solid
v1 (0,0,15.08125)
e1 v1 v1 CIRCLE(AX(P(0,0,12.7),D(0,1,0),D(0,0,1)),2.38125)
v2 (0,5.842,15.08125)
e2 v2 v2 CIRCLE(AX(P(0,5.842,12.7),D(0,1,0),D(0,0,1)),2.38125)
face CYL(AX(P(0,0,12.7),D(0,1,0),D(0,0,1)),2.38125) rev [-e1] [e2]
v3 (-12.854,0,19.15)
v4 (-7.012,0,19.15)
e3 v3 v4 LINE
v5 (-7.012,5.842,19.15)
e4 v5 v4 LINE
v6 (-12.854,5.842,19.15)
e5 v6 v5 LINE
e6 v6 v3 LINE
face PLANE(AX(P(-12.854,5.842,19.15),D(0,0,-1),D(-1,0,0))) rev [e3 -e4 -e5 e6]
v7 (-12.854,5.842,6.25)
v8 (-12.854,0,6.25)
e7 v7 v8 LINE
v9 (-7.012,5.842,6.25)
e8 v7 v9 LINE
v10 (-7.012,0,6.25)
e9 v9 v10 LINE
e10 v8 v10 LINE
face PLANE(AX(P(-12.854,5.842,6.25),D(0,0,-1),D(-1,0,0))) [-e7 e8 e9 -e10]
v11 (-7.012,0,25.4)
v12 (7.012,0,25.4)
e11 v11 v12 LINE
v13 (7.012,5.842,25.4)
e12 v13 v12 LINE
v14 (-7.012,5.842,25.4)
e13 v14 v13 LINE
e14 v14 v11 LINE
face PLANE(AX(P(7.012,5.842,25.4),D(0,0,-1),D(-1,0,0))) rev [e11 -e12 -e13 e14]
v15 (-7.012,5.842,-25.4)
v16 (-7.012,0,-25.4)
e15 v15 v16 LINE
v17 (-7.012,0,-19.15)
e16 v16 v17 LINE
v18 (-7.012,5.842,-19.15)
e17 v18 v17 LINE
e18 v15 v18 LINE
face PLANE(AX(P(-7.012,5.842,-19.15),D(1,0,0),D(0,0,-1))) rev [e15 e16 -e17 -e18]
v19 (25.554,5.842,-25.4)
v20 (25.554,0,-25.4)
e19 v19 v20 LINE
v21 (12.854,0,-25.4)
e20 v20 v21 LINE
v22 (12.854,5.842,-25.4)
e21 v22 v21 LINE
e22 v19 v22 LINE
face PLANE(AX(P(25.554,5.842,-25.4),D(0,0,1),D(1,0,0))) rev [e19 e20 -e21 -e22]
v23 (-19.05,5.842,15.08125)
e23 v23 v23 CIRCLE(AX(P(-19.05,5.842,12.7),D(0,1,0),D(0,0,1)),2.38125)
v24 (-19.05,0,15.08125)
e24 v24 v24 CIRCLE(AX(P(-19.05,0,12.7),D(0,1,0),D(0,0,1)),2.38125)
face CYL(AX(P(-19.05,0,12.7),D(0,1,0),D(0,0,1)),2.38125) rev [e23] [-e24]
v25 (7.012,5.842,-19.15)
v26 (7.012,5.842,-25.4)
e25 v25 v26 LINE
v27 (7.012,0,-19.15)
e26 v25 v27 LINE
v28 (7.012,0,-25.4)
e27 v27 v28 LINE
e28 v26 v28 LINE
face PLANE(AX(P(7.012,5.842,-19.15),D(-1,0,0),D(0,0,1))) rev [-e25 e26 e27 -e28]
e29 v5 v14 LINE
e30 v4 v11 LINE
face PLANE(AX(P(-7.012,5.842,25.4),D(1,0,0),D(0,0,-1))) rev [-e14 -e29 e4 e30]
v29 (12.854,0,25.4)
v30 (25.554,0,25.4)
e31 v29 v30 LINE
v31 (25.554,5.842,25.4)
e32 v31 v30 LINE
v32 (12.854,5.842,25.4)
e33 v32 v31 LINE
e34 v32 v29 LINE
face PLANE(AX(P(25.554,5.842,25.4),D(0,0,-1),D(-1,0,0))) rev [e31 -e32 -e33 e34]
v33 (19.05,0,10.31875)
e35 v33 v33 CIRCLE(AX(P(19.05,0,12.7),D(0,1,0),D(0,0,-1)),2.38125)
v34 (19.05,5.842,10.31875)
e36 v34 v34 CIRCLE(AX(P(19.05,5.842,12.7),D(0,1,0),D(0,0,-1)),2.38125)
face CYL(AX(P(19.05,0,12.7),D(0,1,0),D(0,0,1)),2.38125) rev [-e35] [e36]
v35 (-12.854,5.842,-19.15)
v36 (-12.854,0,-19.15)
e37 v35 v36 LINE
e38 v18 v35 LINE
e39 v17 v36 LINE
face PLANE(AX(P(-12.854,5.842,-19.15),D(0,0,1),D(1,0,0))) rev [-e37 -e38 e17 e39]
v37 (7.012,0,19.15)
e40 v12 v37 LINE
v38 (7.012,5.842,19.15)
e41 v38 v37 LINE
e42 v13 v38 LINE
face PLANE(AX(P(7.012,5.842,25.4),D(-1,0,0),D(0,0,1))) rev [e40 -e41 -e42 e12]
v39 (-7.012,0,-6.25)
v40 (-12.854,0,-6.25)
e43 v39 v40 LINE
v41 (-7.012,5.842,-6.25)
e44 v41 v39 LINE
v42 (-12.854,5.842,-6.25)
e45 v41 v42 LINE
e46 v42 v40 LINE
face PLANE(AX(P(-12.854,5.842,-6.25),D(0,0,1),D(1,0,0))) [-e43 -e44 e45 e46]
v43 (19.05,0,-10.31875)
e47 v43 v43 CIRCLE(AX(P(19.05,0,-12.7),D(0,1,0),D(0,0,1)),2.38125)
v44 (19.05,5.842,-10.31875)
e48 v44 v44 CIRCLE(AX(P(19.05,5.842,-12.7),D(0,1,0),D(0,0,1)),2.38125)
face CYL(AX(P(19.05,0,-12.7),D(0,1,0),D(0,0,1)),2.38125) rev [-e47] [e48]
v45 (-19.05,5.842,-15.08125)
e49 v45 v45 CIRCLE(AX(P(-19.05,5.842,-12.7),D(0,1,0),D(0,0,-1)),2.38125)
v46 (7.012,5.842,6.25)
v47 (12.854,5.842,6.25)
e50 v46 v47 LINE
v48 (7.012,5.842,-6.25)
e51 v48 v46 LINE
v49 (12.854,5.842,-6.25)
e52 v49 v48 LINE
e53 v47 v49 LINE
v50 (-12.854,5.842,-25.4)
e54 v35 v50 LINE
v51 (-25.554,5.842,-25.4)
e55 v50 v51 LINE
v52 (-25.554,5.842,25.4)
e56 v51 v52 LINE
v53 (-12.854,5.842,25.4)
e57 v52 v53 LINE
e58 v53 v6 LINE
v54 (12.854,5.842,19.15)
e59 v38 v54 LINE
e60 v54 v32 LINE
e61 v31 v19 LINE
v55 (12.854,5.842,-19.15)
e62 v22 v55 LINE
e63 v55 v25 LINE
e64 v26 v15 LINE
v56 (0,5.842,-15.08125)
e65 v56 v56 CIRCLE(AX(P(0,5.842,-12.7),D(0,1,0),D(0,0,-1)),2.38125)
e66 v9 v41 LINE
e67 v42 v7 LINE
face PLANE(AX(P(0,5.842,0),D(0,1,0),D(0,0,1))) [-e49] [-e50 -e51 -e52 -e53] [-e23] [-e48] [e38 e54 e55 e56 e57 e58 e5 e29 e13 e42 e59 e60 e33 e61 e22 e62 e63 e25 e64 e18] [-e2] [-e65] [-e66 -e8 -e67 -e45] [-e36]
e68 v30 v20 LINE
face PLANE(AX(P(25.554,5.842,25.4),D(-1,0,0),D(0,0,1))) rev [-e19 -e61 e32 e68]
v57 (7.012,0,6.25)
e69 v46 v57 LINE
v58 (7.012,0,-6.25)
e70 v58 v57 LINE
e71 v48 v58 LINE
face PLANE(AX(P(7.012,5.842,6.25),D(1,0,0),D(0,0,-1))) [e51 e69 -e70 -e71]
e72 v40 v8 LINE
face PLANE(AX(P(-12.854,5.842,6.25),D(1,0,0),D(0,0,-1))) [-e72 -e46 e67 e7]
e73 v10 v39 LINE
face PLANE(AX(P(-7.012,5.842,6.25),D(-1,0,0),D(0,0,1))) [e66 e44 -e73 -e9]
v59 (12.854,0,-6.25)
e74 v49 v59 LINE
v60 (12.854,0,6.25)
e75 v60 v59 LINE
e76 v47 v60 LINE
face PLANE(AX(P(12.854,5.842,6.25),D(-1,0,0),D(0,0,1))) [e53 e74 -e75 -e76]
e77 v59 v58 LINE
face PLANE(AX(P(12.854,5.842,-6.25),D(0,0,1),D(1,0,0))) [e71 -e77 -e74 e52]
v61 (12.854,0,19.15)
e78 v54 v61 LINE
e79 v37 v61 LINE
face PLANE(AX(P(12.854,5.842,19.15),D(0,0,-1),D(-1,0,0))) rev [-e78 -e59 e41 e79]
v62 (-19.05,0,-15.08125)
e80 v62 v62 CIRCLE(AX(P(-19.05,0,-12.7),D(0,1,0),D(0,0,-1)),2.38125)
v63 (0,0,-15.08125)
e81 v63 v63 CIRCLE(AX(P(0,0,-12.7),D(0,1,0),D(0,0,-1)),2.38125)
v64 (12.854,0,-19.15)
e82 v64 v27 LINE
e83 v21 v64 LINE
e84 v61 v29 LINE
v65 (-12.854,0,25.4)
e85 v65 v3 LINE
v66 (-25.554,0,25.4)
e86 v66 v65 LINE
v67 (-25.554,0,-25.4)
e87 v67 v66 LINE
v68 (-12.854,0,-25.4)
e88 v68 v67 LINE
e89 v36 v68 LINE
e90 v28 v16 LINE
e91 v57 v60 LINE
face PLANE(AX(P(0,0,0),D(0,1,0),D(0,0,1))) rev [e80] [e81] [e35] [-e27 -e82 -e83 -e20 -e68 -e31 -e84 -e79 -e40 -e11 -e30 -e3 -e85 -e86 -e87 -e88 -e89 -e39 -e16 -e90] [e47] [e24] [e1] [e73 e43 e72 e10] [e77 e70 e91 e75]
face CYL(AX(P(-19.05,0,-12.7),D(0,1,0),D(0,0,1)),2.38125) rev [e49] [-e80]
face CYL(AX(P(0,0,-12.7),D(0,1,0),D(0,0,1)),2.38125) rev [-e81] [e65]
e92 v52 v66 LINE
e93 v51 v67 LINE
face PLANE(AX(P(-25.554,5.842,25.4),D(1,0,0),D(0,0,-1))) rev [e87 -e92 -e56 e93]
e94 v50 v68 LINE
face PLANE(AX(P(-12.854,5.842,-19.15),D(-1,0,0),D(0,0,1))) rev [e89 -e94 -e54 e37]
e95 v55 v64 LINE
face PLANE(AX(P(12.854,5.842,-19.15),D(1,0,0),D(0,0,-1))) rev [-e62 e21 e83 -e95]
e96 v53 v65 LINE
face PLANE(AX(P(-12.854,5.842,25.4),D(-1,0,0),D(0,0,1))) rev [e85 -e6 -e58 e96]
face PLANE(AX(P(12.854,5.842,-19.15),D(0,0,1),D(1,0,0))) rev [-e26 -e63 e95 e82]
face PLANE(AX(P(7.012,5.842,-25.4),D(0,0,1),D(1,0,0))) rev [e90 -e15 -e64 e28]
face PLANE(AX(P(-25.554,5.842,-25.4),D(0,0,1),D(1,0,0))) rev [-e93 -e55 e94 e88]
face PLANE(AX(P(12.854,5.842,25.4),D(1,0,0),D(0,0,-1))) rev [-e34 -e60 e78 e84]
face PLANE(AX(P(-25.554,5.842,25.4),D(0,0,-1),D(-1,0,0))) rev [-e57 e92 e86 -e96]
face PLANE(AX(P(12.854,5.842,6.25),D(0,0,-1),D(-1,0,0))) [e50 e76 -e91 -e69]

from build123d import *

# Parameters (mm, degrees)
SKETCH1_W           = 5.842
SKETCH1_H           = 12.5
BOSS_EXTRUDE1_DEPTH = 5.842
SKETCH2_R           = 2.38125
CUT_EXTRUDE1_DEPTH  = 37.500628488


with BuildPart() as part:
    # Sketch1 → Boss-Extrude1 (new body)
    with BuildSketch(Plane(origin=(0, 0, 0), x_dir=(1, 0, 0), z_dir=(0, 1, 0))):
        Polygon((7.012, -25.4), (-7.012, -25.4), (-7.012, -19.15), (-12.854, -19.15), (-12.854, -25.4), (-25.554, -25.4), (-25.554, 25.4), (-12.854, 25.4), (-12.854, 19.15), (-7.012, 19.15), (-7.012, 25.4), (7.012, 25.4), (7.012, 19.15), (12.854, 19.15), (12.854, 25.4), (25.554, 25.4), (25.554, -25.4), (12.854, -25.4), (12.854, -19.15), (7.012, -19.15), align=None)
        with Locations((-9.933, 0)):
            Rectangle(SKETCH1_W, SKETCH1_H, mode=Mode.SUBTRACT)
        with Locations((9.933, 0)):
            Rectangle(SKETCH1_W, SKETCH1_H, mode=Mode.SUBTRACT)
    extrude(amount=BOSS_EXTRUDE1_DEPTH)

    # Sketch2 → Cut-Extrude1 (cut, through all)
    with BuildSketch(Plane(origin=(0, 5.842, 0), x_dir=(1, 0, 0), z_dir=(0, 1, 0))):
        with Locations(Location((0, -12.7, 0), (0, 0, 270))):
            Circle(SKETCH2_R)
        with Locations(Location((0, 12.7, 0), (0, 0, 90))):
            Circle(SKETCH2_R)
        with Locations(Location((19.05, 12.7, 0), (0, 0, 270))):
            Circle(SKETCH2_R)
        with Locations(Location((19.05, -12.7, 0), (0, 0, 90))):
            Circle(SKETCH2_R)
        with Locations(Location((-19.05, 12.7, 0), (0, 0, 90))):
            Circle(SKETCH2_R)
        with Locations(Location((-19.05, -12.7, 0), (0, 0, 270))):
            Circle(SKETCH2_R)
    extrude(amount=-CUT_EXTRUDE1_DEPTH, mode=Mode.SUBTRACT)


solid = part.part
